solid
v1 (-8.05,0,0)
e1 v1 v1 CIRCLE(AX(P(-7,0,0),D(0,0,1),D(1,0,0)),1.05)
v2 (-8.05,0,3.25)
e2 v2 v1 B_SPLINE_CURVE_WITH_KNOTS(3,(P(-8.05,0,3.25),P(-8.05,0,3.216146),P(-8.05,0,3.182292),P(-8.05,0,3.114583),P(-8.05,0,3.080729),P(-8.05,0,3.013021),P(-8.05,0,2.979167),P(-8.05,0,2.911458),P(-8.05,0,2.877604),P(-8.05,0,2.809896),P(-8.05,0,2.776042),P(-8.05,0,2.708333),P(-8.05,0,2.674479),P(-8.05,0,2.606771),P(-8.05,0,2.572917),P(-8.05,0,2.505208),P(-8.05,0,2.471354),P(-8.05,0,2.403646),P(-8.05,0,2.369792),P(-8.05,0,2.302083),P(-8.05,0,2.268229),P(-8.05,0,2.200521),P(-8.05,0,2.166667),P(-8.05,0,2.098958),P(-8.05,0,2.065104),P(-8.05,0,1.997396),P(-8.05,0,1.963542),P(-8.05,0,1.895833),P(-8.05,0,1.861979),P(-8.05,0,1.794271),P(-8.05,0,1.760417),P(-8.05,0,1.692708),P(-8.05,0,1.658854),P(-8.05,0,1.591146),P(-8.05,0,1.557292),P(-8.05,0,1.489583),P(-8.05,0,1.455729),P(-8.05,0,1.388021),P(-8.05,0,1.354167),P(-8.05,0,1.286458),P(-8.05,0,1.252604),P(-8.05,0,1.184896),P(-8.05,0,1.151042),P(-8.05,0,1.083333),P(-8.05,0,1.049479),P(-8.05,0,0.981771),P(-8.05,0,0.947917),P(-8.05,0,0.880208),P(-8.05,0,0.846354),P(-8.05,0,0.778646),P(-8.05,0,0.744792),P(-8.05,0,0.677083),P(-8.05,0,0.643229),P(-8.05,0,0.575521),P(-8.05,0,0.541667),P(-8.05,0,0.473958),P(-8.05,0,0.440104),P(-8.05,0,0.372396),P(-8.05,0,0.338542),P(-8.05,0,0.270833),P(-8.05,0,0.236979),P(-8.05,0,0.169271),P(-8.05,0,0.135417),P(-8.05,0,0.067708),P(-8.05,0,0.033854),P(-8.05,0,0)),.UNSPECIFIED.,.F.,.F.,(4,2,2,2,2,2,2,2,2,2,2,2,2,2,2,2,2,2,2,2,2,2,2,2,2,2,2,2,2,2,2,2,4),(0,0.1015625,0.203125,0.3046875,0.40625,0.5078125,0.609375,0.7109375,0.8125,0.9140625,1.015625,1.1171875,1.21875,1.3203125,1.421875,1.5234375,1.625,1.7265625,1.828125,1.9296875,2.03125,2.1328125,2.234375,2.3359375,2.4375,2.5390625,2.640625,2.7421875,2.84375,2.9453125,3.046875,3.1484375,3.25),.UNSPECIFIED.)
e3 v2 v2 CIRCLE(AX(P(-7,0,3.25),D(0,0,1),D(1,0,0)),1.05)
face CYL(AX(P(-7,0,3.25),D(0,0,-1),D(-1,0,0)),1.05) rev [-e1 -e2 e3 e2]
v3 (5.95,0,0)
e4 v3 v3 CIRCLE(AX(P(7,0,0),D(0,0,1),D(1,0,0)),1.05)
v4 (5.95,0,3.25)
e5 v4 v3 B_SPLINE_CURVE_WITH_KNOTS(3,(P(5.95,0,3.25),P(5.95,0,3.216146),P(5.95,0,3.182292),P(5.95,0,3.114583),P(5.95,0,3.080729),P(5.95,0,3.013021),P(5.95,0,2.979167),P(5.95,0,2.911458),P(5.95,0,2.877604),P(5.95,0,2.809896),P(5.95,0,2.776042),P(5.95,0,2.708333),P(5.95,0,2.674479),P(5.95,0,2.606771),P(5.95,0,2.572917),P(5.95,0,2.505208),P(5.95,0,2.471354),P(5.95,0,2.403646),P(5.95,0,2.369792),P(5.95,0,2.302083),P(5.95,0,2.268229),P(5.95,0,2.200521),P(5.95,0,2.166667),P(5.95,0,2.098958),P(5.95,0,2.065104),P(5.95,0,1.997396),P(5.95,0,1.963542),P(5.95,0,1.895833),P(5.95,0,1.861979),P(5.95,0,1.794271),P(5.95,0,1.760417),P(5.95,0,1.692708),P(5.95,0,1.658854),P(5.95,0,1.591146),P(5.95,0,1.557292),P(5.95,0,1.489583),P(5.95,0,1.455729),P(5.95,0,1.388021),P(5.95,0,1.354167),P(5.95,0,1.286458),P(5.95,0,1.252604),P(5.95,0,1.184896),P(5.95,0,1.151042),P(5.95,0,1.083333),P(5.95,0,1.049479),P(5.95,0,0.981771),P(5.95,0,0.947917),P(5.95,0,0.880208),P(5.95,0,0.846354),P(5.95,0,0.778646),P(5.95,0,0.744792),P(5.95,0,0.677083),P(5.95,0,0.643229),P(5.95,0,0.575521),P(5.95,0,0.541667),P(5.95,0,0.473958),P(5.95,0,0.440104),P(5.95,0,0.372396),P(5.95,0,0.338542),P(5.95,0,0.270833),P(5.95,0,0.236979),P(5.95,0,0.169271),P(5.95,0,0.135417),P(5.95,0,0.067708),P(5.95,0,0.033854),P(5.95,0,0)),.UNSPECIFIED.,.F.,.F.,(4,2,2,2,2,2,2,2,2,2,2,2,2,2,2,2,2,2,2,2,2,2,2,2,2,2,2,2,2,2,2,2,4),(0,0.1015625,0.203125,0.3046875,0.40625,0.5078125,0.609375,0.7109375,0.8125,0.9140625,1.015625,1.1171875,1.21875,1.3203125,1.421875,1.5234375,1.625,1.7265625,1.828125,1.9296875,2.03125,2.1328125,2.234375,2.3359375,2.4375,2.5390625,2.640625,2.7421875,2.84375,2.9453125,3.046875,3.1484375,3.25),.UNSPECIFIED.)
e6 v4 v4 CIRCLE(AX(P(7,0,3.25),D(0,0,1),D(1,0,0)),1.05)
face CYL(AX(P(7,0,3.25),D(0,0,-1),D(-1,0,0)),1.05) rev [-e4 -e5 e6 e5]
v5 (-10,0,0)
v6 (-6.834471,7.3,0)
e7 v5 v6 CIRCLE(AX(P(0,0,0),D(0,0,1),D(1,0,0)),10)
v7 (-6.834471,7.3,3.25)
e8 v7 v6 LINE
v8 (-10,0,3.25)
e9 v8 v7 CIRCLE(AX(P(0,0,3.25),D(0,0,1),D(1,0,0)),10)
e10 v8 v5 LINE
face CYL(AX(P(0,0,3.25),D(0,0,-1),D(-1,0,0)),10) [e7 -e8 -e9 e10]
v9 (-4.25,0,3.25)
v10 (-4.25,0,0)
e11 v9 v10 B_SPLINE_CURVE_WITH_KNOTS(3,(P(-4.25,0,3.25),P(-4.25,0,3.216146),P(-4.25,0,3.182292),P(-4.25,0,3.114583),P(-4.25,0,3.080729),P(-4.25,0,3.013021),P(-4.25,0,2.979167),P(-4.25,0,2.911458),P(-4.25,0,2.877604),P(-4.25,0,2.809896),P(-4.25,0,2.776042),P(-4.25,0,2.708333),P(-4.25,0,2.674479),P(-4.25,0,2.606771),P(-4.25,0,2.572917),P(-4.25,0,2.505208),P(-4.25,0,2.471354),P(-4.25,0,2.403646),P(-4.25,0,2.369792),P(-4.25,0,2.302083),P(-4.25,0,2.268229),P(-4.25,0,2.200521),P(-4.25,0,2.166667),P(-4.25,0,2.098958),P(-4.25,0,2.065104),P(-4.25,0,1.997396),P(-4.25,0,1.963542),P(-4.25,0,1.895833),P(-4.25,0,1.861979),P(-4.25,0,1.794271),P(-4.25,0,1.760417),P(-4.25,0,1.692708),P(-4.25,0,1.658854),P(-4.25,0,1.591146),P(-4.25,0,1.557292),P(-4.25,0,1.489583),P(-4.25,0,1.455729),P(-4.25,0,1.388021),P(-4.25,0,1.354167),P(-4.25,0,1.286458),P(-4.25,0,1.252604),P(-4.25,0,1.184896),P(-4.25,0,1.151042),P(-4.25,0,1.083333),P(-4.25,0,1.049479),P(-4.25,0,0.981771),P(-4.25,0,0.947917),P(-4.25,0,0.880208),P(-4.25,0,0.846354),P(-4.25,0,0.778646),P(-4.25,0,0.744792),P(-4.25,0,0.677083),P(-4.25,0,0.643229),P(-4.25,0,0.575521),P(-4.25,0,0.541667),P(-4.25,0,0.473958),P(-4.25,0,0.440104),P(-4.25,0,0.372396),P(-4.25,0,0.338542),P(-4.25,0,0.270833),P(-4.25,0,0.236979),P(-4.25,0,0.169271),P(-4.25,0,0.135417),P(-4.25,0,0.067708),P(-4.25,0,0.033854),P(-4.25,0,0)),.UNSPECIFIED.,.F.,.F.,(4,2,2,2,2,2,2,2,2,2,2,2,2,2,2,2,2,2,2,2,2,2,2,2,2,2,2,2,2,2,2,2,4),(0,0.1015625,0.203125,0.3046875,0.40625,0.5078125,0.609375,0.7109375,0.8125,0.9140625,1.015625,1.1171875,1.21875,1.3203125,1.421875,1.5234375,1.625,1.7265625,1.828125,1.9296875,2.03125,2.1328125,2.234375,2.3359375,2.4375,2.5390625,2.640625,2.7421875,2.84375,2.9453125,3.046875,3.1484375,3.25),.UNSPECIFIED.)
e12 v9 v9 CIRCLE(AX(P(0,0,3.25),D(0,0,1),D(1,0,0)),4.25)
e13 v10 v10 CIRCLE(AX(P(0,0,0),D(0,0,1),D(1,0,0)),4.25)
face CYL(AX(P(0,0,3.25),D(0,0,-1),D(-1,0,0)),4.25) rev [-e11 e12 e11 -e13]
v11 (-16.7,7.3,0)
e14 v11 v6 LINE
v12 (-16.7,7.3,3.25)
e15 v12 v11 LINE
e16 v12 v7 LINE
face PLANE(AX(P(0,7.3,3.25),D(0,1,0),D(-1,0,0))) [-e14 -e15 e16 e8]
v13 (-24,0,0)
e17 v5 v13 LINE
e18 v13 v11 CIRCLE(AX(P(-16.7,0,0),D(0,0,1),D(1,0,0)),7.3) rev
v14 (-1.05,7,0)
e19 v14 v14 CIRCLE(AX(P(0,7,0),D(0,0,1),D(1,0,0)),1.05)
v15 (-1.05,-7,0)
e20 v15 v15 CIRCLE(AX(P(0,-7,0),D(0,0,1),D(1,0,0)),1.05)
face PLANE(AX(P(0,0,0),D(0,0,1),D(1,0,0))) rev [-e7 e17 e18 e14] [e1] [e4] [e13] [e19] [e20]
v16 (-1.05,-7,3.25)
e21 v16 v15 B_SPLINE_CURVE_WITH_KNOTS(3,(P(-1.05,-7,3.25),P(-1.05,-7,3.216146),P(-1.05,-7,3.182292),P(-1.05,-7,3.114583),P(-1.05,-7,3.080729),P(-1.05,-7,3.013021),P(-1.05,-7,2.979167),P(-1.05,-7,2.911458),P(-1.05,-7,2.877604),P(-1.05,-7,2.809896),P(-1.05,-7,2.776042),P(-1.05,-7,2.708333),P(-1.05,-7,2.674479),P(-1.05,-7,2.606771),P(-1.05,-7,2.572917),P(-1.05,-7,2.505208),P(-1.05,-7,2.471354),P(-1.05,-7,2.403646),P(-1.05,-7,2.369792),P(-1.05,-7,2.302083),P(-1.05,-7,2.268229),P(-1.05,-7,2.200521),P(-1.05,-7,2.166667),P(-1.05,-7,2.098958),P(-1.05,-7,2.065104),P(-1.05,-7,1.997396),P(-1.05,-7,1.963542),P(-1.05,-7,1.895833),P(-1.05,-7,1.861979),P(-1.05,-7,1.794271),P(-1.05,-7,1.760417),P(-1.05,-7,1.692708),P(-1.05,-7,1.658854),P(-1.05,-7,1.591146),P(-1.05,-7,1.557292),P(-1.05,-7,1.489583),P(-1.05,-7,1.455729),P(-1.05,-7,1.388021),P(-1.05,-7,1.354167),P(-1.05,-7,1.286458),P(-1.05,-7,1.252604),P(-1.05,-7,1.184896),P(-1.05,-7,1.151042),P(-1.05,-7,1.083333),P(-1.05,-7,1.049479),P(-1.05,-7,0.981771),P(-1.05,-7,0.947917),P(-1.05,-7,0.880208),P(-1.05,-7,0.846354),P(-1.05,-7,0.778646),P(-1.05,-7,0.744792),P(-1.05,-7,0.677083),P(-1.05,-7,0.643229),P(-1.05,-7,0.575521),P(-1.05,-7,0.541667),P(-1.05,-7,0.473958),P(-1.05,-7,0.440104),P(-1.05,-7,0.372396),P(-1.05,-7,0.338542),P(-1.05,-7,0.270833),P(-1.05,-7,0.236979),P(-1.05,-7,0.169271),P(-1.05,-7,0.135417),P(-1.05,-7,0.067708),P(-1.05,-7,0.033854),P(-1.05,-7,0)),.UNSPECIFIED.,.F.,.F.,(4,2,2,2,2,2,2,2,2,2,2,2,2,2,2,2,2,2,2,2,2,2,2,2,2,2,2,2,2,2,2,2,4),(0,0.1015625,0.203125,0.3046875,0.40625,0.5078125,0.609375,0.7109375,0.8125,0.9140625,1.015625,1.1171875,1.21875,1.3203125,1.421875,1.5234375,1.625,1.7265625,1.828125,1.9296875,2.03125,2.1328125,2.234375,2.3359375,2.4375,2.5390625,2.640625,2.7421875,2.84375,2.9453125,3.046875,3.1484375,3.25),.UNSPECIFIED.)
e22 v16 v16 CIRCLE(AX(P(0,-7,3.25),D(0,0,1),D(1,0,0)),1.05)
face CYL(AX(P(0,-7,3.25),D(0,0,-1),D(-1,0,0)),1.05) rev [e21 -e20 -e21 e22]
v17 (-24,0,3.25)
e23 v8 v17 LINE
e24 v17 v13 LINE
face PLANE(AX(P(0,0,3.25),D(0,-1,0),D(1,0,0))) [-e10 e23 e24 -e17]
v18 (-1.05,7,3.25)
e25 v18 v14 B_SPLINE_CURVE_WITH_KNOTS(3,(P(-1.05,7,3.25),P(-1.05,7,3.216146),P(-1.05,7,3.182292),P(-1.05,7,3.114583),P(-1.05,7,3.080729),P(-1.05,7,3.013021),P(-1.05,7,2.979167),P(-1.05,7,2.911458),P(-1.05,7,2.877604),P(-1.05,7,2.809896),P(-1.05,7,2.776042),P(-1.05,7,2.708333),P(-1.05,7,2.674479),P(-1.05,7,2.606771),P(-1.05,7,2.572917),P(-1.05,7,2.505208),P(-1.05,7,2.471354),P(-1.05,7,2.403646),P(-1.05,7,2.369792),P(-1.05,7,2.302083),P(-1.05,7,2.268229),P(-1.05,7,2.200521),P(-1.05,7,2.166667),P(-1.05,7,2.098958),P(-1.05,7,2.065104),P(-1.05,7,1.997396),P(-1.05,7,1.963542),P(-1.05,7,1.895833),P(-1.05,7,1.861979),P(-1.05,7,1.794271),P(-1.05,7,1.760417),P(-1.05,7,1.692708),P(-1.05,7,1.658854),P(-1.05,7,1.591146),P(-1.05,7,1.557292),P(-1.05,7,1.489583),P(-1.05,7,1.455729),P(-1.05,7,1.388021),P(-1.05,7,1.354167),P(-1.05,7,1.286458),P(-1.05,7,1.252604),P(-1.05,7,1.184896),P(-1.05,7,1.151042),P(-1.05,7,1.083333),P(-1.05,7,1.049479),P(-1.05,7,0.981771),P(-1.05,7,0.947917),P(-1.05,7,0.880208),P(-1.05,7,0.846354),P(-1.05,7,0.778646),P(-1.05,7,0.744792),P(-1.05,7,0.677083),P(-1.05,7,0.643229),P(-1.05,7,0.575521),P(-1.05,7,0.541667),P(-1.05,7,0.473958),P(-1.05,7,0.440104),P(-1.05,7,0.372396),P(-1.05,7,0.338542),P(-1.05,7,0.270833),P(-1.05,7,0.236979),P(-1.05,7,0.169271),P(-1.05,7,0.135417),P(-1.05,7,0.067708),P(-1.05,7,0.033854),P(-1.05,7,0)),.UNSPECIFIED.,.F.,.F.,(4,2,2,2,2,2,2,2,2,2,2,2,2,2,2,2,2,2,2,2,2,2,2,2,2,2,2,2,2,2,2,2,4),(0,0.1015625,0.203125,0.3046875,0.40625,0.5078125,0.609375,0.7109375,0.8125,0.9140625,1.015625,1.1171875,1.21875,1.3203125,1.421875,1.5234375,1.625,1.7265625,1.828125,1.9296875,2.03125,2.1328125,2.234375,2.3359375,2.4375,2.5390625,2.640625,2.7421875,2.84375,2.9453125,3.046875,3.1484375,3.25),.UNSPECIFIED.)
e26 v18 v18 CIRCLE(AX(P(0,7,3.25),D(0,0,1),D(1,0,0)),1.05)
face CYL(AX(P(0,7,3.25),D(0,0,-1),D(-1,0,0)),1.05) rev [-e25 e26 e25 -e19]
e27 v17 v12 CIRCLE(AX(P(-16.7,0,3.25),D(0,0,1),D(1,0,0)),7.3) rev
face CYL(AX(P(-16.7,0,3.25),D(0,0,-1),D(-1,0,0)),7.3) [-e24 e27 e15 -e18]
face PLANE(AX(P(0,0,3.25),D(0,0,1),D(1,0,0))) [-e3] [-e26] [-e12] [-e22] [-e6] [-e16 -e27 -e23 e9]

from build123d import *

# Parameters (mm, degrees)
SKETCH2_R           = 10
SKETCH2_R_2         = 1.05
SKETCH2_R_3         = 4.25
BOSS_EXTRUDE2_DEPTH = 3.25


with BuildPart() as part:
    # Sketch2 → Boss-Extrude2 (new body)
    # profile 1 of 2: a face of its own
    with BuildSketch(Plane.XY):
        with BuildLine():
            Line((-24, 0), (-10, 0))
            ThreePointArc((-10, 0), (-9.17454943, 3.978397008), (-6.83447145, 7.3))
            Line((-6.83447145, 7.3), (-16.7, 7.3))
            ThreePointArc((-16.7, 7.3), (-21.861879503, 5.161879503), (-24, 0))
        make_face()
    # profile 2 of 2: a face of its own
    with BuildSketch(Plane.XY):
        Circle(SKETCH2_R)
        with Locations(Location((0, -7, 0), (0, 0, 180))):
            Circle(SKETCH2_R_2, mode=Mode.SUBTRACT)
        with Locations(Location((-7, 0, 0), (0, 0, 180))):
            Circle(SKETCH2_R_2, mode=Mode.SUBTRACT)
        with Locations(Location((0, 7, 0), (0, 0, 180))):
            Circle(SKETCH2_R_2, mode=Mode.SUBTRACT)
        with Locations(Location((7, 0, 0), (0, 0, 180))):
            Circle(SKETCH2_R_2, mode=Mode.SUBTRACT)
        with Locations(Location((0, 0, 0), (0, 0, 180))):
            Circle(SKETCH2_R_3, mode=Mode.SUBTRACT)
    extrude(amount=BOSS_EXTRUDE2_DEPTH)


solid = part.part
